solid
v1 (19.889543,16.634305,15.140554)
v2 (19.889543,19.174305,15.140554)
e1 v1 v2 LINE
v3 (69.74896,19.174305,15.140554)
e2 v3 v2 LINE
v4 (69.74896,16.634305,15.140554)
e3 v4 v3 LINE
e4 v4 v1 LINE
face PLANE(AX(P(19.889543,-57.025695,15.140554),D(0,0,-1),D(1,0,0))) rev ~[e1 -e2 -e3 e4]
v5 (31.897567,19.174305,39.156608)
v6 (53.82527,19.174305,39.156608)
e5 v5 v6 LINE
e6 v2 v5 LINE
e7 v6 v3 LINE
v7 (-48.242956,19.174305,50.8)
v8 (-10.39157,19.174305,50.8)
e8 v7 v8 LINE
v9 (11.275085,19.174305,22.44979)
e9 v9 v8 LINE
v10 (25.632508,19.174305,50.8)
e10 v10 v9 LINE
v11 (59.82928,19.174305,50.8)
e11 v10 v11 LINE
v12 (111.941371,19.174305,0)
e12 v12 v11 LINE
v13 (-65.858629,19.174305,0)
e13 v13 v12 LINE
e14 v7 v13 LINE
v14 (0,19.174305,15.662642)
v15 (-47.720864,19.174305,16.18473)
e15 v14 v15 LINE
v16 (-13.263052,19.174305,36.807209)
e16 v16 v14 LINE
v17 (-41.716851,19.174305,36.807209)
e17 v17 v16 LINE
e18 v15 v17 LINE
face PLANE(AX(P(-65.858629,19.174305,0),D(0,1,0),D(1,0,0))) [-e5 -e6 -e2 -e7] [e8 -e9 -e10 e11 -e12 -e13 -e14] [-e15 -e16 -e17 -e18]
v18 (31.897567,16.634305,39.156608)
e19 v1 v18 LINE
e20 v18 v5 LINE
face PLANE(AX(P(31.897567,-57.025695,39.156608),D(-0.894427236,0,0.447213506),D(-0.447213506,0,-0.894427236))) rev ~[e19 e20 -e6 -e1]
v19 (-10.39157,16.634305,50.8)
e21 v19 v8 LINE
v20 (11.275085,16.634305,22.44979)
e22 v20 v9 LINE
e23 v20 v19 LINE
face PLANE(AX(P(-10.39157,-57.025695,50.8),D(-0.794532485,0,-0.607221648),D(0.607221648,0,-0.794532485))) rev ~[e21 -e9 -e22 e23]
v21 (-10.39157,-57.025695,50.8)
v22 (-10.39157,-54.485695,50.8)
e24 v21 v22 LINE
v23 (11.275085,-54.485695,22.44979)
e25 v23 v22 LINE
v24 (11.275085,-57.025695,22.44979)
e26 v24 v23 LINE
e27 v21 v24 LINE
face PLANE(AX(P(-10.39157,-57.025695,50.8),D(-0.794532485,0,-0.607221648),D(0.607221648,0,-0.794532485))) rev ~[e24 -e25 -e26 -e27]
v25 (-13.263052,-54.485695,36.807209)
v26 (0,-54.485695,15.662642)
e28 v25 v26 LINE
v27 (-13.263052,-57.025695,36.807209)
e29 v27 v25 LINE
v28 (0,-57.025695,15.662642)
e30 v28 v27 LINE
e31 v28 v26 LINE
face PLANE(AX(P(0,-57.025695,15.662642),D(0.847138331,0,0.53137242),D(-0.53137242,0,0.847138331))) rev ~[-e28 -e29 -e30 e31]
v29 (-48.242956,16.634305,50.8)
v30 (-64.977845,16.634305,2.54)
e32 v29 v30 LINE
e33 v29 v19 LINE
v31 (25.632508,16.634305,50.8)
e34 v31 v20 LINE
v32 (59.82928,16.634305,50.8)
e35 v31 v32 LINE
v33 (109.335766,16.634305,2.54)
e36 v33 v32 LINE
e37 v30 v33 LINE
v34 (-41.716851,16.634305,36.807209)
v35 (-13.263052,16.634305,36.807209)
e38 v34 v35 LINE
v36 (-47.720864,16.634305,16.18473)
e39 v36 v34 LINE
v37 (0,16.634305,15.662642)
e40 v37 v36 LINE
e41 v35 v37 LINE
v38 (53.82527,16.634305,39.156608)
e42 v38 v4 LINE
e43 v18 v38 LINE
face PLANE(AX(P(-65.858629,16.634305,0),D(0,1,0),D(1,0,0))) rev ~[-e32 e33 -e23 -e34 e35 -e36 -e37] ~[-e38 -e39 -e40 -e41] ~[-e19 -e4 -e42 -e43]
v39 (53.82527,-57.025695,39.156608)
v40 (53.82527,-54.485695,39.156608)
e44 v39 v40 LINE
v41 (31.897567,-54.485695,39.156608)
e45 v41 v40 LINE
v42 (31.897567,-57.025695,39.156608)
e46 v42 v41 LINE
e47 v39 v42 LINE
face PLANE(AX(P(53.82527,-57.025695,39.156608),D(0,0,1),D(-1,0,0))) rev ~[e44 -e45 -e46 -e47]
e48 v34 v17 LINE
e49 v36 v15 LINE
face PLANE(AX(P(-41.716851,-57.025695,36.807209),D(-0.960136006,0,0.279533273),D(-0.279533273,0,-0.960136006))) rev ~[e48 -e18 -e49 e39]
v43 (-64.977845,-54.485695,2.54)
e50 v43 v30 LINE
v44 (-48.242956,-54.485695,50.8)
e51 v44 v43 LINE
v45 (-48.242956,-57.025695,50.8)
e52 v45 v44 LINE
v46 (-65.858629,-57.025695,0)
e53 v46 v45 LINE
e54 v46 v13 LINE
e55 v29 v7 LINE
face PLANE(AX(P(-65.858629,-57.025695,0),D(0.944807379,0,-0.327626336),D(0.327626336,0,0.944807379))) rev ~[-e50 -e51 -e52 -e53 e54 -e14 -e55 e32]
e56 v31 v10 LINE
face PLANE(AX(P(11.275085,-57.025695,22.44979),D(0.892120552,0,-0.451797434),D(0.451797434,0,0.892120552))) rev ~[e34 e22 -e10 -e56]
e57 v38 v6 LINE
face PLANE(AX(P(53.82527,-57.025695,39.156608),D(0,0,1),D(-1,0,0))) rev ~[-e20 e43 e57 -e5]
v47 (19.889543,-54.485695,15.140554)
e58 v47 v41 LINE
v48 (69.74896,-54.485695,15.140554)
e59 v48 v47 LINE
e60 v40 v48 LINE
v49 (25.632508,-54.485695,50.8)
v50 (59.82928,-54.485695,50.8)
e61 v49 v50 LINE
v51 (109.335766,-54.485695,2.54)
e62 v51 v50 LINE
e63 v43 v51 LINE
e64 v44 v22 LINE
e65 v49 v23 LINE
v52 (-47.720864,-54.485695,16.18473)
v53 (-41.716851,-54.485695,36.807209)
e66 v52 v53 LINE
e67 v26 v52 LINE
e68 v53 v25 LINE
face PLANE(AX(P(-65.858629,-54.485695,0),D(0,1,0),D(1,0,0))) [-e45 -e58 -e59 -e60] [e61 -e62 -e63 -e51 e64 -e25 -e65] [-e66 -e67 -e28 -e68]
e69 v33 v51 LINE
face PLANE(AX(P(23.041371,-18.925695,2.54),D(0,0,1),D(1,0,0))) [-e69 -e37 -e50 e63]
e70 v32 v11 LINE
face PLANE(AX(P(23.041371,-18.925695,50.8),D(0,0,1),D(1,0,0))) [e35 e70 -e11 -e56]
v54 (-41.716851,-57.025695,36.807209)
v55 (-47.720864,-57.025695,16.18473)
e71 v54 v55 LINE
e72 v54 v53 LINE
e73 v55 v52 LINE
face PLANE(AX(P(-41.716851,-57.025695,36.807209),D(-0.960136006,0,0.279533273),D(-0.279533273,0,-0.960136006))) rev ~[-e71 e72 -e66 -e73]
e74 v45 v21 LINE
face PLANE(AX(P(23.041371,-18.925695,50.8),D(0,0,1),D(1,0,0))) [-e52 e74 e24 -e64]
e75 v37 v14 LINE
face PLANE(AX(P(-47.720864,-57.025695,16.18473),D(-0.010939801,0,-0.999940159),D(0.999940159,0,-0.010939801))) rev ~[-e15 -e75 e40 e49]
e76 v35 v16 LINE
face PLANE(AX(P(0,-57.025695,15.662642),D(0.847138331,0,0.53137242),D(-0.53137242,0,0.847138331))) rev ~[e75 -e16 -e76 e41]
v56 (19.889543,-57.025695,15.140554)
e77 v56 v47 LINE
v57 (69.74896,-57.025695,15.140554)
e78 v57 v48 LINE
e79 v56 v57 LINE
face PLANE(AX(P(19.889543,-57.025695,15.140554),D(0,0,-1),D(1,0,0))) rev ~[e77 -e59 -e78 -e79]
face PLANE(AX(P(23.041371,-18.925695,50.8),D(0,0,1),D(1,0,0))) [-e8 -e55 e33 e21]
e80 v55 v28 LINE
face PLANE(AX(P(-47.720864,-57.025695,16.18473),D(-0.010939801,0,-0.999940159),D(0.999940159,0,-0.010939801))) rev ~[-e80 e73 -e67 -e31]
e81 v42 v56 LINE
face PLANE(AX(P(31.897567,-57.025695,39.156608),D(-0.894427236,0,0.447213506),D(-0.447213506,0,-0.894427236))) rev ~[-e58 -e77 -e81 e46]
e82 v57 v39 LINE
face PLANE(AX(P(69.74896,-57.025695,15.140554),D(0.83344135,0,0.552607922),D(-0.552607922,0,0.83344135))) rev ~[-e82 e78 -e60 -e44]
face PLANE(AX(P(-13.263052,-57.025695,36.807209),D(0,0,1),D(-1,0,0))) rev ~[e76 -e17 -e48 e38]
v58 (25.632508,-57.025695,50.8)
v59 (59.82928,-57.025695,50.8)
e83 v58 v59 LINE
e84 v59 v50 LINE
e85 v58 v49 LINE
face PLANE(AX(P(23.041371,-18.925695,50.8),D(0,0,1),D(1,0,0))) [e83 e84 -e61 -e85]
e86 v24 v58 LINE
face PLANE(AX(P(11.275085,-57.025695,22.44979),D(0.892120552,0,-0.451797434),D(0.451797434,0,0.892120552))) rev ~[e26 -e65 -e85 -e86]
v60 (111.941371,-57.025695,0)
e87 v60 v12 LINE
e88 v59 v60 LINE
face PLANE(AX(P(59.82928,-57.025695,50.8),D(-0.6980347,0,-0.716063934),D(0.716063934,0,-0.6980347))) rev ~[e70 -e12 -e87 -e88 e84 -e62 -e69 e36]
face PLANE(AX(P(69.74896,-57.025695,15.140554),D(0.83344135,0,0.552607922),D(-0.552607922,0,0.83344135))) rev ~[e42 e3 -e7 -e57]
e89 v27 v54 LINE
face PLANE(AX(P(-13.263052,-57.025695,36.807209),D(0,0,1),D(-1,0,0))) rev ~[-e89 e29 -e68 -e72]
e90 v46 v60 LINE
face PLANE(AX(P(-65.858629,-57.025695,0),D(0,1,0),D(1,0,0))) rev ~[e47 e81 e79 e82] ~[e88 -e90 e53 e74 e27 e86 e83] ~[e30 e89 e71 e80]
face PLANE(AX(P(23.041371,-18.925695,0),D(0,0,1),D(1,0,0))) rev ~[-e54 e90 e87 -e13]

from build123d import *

# Parameters (mm, degrees)
F0_W     = 177.8
F0_H     = 76.2
F1_DEPTH = 50.8
F2_T     = -2.54
F4_DEPTH = 76.201
F6_DEPTH = 76.201
F8_DEPTH = 76.201


with BuildPart() as f1:
    # F0 (on Top) → F1 (new body)
    with BuildSketch(Plane.XY):
        with Locations((23.041371, -18.925695)):
            Rectangle(F0_W, F0_H)
    extrude(amount=F1_DEPTH)

    # F2
    f2_openings = [f1.faces().sort_by_distance(p)[0] for p in [
        (23.041371, -18.925695, 50.8),
        (-65.858629, -18.925695, 25.4),
        (111.941371, -18.925695, 25.4),
    ]]
    offset(amount=F2_T, openings=f2_openings)

    # F3 (on face) → F4 (cut, through all)
    with BuildSketch(Plane.XZ.offset(57.025695)):
        Polygon((-74.445255, 69.43772), (-65.858629, 0), (-48.242956, 50.8), (-10.39157, 50.8), (11.275085, 22.44979), (25.632508, 50.8), (59.82928, 50.8), (111.941371, 0), (111.941371, 69.43772), align=None)
    extrude(amount=-F4_DEPTH, mode=Mode.SUBTRACT)

    # F5 (on face) → F6 (cut, through all)
    with BuildSketch(Plane.XZ.offset(57.025695)):
        Polygon((-41.716851, 36.807209), (-47.720864, 16.18473), (0, 15.662642), (-13.263052, 36.807209), align=None)
    extrude(amount=-F6_DEPTH, mode=Mode.SUBTRACT)

    # F7 (on face) → F8 (cut, through all)
    with BuildSketch(Plane.XZ.offset(57.025695)):
        Polygon((31.897567, 39.156608), (19.889543, 15.140554), (69.74896, 15.140554), (53.82527, 39.156608), align=None)
    extrude(amount=-F8_DEPTH, mode=Mode.SUBTRACT)


solid = f1.part
